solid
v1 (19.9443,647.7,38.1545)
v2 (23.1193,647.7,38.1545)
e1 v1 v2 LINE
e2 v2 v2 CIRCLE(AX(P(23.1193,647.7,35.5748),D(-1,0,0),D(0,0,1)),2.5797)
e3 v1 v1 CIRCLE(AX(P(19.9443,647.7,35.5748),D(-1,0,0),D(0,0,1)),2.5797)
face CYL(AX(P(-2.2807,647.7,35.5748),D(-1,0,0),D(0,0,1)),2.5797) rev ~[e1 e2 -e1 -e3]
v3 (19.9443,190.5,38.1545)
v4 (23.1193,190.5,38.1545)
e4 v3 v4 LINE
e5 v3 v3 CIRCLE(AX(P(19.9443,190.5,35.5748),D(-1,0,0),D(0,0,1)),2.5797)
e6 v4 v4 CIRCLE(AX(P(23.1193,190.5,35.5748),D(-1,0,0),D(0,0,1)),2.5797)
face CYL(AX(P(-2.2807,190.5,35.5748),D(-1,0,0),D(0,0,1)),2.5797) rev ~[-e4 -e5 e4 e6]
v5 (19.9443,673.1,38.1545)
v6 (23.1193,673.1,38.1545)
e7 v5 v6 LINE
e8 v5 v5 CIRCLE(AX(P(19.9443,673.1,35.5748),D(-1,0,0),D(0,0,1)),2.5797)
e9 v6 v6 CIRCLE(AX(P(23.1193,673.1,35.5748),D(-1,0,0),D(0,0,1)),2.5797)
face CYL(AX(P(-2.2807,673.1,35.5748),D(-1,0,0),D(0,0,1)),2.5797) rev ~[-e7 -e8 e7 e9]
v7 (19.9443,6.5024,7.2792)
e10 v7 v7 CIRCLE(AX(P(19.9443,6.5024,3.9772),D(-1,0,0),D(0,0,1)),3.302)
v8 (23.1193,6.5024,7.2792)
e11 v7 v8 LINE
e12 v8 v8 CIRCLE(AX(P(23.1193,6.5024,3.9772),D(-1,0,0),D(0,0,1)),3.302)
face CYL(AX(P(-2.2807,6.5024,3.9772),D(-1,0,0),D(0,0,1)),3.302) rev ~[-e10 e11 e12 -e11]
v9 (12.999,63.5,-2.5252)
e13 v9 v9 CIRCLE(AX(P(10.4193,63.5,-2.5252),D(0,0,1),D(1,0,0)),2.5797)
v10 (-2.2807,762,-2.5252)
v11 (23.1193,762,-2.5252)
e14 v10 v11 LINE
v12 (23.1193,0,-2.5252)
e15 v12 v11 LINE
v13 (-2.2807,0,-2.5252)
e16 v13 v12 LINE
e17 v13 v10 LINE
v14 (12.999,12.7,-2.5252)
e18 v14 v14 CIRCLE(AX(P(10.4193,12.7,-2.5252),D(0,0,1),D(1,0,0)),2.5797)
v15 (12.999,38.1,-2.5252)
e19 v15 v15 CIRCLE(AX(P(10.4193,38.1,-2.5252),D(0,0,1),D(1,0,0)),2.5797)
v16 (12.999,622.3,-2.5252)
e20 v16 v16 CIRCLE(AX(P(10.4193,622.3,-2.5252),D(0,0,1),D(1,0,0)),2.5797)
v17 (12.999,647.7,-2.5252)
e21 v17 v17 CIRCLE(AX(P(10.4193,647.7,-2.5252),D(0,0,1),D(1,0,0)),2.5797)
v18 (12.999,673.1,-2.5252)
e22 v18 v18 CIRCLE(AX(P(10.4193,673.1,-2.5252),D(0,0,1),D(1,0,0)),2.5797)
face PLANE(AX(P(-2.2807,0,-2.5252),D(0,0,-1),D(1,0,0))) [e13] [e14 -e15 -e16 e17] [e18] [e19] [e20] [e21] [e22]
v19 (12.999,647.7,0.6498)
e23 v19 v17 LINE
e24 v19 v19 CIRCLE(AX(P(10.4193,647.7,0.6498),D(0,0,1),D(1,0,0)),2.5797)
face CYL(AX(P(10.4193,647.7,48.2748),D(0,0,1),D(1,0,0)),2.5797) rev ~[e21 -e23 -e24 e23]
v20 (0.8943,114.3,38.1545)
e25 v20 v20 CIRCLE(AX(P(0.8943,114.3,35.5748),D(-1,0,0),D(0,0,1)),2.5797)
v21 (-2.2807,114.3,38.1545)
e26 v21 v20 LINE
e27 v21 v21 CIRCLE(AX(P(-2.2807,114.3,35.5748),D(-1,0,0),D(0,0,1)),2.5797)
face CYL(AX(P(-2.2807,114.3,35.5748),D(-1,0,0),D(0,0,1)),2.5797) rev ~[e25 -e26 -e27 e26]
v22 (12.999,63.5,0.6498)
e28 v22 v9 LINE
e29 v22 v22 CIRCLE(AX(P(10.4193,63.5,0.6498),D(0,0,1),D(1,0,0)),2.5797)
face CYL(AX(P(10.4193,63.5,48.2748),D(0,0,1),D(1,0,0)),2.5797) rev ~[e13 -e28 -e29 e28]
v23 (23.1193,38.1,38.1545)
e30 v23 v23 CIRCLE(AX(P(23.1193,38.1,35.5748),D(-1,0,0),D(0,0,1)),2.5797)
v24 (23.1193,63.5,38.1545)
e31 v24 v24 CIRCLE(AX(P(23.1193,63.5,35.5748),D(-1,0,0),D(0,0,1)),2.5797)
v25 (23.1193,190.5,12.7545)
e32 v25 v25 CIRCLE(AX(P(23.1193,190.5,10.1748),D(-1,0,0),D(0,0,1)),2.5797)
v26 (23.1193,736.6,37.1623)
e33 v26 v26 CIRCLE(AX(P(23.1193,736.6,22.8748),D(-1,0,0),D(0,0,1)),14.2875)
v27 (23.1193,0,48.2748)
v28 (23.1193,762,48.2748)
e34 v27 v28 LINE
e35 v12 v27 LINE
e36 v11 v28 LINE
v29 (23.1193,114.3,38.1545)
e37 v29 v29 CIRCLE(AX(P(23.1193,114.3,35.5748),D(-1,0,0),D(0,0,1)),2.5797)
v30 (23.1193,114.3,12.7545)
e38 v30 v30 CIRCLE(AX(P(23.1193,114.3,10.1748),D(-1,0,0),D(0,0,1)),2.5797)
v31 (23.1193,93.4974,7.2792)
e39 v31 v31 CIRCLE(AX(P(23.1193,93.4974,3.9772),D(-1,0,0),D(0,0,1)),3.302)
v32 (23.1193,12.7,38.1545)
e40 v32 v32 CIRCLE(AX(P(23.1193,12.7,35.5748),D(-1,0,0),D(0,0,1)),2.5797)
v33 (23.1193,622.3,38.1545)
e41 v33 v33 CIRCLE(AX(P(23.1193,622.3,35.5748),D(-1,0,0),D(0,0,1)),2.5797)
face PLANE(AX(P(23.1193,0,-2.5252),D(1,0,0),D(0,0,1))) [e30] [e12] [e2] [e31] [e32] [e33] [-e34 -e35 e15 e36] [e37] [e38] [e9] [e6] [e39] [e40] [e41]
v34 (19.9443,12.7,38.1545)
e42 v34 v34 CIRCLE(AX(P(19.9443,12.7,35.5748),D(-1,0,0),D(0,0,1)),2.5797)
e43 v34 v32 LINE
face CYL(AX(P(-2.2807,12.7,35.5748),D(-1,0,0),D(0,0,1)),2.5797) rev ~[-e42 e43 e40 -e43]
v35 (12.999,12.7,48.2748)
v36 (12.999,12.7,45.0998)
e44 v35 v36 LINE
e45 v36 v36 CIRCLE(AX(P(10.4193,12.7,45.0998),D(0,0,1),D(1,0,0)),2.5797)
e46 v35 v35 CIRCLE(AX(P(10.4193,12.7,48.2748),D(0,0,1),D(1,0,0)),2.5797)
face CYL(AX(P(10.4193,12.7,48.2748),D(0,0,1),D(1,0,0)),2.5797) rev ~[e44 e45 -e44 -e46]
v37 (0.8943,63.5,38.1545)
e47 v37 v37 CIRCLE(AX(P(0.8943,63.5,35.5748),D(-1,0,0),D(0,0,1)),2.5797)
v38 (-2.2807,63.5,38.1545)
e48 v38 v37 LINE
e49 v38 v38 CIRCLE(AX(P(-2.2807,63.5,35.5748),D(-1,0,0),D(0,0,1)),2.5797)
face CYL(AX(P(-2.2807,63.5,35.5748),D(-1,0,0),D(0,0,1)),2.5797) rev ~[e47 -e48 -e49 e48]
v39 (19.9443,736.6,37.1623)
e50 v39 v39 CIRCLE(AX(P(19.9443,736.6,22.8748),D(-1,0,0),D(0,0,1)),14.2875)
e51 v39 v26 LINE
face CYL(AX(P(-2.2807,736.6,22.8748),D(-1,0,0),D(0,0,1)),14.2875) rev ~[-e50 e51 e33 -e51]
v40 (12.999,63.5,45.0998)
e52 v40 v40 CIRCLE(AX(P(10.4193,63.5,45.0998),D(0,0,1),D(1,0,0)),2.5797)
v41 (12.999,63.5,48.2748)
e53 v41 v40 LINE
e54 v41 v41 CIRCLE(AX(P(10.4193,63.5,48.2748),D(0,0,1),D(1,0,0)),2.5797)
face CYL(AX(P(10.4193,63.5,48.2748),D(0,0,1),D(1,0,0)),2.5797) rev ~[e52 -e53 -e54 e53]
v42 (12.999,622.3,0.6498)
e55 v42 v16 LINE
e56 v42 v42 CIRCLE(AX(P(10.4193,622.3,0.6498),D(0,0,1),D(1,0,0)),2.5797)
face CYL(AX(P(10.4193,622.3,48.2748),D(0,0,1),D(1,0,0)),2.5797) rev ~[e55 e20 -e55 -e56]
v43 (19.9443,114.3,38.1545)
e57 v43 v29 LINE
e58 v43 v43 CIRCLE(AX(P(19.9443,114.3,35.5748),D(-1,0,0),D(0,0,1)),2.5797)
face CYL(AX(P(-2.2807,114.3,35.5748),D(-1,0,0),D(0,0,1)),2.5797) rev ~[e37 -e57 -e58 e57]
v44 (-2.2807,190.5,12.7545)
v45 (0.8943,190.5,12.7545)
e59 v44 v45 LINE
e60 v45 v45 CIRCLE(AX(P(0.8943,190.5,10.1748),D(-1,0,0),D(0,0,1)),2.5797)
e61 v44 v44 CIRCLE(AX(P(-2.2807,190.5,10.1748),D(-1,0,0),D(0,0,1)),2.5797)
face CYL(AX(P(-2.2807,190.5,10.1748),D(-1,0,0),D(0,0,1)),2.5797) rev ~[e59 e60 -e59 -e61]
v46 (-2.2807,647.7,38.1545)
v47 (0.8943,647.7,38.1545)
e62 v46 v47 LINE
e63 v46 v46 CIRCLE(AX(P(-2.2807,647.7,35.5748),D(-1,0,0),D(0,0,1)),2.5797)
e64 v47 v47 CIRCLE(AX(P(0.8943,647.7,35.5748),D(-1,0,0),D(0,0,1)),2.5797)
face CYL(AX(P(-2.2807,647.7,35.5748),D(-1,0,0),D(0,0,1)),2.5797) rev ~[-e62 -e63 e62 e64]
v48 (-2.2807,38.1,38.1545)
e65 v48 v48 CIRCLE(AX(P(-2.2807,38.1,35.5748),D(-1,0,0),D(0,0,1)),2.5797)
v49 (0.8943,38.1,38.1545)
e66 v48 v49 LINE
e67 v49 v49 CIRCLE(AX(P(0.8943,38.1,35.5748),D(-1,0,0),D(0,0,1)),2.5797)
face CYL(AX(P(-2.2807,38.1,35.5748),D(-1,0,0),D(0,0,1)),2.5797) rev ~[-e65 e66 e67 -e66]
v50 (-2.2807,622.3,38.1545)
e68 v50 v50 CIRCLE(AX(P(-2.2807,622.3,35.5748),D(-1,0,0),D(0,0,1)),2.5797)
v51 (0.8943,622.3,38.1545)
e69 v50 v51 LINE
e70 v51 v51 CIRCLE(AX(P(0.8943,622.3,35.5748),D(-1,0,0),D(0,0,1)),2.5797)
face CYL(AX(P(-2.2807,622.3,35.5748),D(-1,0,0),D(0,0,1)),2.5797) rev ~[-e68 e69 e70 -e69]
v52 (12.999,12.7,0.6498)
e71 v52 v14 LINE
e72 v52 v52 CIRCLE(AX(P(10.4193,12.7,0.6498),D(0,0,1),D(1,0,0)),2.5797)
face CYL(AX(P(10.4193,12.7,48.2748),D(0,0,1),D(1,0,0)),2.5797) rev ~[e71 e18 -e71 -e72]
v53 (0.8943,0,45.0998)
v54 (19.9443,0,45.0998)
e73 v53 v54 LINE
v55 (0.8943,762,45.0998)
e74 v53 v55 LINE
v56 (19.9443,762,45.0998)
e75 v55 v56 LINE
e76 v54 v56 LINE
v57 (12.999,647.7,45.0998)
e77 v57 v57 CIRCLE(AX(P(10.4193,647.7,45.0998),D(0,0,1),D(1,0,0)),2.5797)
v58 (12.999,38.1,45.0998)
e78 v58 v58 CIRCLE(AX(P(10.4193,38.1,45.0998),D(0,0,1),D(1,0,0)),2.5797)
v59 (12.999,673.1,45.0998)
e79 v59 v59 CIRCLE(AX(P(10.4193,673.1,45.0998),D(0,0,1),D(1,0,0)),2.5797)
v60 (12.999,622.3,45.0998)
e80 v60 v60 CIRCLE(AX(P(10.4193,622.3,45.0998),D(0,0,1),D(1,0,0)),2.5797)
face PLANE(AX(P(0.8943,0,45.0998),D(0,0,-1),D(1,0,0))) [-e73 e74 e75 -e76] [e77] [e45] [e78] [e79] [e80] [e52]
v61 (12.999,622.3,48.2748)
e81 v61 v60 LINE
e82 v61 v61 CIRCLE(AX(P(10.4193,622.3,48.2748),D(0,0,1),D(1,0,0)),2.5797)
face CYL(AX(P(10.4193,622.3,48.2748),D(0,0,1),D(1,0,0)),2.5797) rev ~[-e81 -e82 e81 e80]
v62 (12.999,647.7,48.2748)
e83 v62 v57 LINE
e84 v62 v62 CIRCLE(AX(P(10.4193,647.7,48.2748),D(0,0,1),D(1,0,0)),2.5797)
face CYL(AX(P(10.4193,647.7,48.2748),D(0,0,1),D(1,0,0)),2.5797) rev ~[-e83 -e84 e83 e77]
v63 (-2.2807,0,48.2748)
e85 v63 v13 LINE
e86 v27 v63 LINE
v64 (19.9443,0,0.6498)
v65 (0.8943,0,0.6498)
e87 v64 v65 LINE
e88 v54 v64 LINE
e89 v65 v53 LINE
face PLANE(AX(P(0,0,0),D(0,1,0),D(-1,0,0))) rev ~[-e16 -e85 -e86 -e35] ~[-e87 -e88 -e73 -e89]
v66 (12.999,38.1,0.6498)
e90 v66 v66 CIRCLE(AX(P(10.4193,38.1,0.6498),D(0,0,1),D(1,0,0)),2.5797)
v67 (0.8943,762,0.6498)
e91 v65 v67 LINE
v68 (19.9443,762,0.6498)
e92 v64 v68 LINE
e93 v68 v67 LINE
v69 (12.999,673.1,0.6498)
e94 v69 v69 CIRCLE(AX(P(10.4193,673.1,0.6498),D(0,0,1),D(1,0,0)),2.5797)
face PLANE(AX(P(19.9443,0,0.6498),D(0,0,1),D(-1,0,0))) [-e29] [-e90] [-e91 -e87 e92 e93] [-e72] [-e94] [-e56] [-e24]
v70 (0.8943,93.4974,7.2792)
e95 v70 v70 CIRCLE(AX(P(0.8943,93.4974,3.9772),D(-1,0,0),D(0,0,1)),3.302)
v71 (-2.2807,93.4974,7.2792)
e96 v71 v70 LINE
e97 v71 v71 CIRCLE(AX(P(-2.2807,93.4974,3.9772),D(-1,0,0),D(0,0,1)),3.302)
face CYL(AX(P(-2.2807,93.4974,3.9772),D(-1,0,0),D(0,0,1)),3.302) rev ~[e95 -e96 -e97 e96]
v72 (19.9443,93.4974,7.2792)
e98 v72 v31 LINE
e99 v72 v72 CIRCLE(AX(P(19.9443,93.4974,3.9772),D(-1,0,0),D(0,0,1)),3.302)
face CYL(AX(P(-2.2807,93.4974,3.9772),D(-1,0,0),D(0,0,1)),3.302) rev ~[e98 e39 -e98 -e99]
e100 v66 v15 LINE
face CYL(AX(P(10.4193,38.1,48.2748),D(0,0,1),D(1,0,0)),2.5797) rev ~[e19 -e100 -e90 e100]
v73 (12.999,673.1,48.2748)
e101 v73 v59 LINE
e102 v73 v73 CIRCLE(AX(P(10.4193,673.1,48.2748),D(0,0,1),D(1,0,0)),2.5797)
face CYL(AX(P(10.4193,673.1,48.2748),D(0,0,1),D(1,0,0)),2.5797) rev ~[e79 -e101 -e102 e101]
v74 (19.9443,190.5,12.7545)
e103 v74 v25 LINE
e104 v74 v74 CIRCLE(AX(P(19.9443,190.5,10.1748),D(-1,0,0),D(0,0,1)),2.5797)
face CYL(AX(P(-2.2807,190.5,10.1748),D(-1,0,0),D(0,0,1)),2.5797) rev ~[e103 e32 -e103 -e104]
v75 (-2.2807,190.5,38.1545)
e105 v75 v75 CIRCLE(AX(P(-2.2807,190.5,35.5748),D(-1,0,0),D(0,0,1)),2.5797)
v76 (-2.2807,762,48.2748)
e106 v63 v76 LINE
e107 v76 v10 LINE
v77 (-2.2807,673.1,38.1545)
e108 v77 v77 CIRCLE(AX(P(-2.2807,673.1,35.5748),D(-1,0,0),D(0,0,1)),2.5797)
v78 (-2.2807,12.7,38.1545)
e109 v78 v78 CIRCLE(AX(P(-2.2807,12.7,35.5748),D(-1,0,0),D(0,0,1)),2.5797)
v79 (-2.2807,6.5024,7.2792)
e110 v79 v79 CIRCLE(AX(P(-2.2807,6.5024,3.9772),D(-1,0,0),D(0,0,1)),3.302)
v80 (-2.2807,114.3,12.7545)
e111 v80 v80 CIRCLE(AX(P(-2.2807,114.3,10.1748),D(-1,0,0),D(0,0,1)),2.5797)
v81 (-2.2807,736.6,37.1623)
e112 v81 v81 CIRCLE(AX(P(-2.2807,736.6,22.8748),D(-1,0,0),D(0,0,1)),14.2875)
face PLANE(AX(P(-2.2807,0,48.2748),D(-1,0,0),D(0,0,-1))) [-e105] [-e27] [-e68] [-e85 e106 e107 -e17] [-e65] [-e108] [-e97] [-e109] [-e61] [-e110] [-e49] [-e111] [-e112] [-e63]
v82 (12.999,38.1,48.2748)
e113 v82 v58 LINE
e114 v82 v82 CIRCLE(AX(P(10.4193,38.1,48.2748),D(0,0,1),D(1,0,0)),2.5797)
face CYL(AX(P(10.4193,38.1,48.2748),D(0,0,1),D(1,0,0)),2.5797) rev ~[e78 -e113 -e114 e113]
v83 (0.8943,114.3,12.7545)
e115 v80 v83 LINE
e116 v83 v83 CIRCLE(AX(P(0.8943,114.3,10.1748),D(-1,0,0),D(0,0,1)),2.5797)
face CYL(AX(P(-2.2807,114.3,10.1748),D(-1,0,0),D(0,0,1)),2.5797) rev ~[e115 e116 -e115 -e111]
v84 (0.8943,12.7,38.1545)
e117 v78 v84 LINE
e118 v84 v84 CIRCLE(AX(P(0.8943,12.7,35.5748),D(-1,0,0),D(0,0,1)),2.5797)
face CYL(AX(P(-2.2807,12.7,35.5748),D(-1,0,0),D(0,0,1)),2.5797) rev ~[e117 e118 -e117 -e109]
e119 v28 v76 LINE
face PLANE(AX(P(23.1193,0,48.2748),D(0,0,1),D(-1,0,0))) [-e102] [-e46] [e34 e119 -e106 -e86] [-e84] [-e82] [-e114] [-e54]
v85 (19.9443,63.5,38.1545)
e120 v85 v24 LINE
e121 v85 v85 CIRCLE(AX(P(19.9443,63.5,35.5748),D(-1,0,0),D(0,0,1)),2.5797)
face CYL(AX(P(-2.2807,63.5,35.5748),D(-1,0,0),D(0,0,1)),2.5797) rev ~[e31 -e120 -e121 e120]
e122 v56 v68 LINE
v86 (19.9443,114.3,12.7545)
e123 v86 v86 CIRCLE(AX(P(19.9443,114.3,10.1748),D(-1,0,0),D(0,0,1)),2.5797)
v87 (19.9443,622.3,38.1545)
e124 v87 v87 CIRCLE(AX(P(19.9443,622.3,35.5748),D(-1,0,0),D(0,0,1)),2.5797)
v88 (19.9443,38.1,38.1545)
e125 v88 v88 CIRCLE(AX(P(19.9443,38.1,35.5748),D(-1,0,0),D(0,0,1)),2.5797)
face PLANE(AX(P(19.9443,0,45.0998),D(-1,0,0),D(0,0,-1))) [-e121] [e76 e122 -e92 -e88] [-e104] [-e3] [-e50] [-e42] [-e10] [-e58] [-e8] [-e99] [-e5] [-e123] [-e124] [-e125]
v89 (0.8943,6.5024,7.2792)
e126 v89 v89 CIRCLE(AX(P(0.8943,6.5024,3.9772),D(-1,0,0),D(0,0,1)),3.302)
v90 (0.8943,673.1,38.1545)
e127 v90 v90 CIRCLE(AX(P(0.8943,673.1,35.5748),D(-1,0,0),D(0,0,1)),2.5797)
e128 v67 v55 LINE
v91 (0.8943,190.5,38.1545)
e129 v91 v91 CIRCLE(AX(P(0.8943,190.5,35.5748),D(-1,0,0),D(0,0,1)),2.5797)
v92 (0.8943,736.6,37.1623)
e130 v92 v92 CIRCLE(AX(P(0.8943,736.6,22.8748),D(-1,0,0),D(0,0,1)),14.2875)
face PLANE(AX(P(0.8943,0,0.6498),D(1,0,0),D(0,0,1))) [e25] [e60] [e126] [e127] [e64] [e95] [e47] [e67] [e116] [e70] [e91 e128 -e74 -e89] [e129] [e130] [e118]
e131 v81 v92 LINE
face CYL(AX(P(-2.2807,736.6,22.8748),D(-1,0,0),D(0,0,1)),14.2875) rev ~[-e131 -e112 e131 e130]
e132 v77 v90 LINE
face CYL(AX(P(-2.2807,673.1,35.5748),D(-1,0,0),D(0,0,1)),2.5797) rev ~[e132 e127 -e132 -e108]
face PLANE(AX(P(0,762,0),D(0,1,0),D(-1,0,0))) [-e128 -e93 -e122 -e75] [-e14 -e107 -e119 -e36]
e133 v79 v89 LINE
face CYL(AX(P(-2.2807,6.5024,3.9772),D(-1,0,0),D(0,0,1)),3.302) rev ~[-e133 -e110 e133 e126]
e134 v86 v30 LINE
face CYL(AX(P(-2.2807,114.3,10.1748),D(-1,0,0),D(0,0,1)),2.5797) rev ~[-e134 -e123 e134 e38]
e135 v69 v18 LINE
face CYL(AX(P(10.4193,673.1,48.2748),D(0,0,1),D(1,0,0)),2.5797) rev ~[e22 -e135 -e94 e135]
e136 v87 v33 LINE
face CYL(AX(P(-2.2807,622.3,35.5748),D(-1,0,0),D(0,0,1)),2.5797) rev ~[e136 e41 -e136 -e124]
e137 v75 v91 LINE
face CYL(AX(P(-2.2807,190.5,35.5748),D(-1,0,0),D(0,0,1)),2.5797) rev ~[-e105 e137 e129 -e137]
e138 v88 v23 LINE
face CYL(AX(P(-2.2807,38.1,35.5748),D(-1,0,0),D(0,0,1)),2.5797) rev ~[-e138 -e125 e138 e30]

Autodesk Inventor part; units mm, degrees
ref_plane "YZ Plane" through (0, 0, 0) normal (1, 0, 0) x (0, 1, 0)
ref_plane "XZ Plane" through (0, 0, 0) normal (0, 1, 0) x (-1, 0, 0)
ref_plane "XY Plane" through (0, 0, 0) normal (0, 0, 1) x (1, 0, 0)
sketch "Sketch1" plane through (0, 0, 0) normal (0, 1, 0) x (-1, 0, 0)
  line L0 (2.2807, -2.5252) -> (-23.1193, -2.5252)
  line L1 (-23.1193, -2.5252) -> (-23.1193, 48.2748)
  line L2 (-23.1193, 48.2748) -> (2.2807, 48.2748)
  line L3 (2.2807, 48.2748) -> (2.2807, -2.5252)
  line L4 (-19.9443, 0.6498) -> (-0.8943, 0.6498)
  line L5 (-0.8943, 0.6498) -> (-0.8943, 45.0998)
  line L6 (-0.8943, 45.0998) -> (-19.9443, 45.0998)
  line L7 (-19.9443, 45.0998) -> (-19.9443, 0.6498)
  point P0 (0, 0)
  dimension "d0" = 25.4
  dimension "d1" = 50.8
  dimension "d2" = 3.175
extrude "Extrusion1" add sketch "Sketch1" along normal blind 762
sketch "Sketch3" plane through (-2.2807, 0, 48.2748) normal (0, 0, 1) x (1, 0, 0)
  line L0 (22.225, 0) -> (3.175, 0) construction
  line L1 (12.7, 0) -> (12.7, 12.7) construction
  line L2 (12.7, 12.7) -> (12.7, 38.1) construction
  line L3 (12.7, 38.1) -> (12.7, 63.5) construction
  circle A0 centre (12.7, 63.5) radius 2.5797
  circle A1 centre (12.7, 38.1) radius 2.5797
  circle A2 centre (12.7, 12.7) radius 2.5797
  line L4 (12.7, 685.8) -> (12.7, 673.1) construction
  circle A3 centre (12.7, 673.1) radius 2.5797
  line L5 (12.7, 673.1) -> (12.7, 647.7) construction
  line L6 (12.7, 647.7) -> (12.7, 622.3) construction
  circle A4 centre (12.7, 647.7) radius 2.5797
  circle A5 centre (12.7, 622.3) radius 2.5797
  point P0 (2.2807, 0)
  dimension "d19" = 12.7
  dimension "d20" = 25.4
  dimension "d21" = 25.4
  dimension "d22" = 5.1594
  dimension "d23" = 5.1594
  dimension "d24" = 5.1594
  dimension "d38" = 12.7
  dimension "d39" = 5.1594
  dimension "d40" = 25.4
  dimension "d41" = 25.4
  dimension "d42" = 5.1594
  dimension "d43" = 5.1594
extrude "Extrusion3" cut sketch "Sketch3" against normal blind 762
sketch "Sketch4" plane through (23.1193, 0, 48.2748) normal (1, 0, 0) x (0, 0, -1)
  line L0 (3.175, 762) -> (47.625, 762) construction
  line L1 (25.4, 762) -> (25.4, 736.6) construction
  point P0 (48.2748, 0)
  dimension "d44" = 25.4
sketch "Sketch5" plane through (-2.2807, 0, -2.5252) normal (-1, 0, 0) x (0, 0, 1)
  circle A0 centre (25.4, 12.7) radius 2.5797 projected
  line L0 (50.8, 0) -> (50.8, 762) projected
  circle A1 centre (25.4, 38.1) radius 2.5797 construction
  line L1 (50.8, 38.1) -> (38.1, 38.1) construction
  circle A2 centre (25.4, 63.5) radius 2.5797 construction
  line L2 (50.8, 63.5) -> (38.1, 63.5) construction
  circle A3 centre (38.1, 63.5) radius 2.5797
  circle A4 centre (38.1, 38.1) radius 2.5797
  circle A5 centre (38.1, 12.7) radius 2.5797
  line L3 (38.1, 12.7) -> (50.8, 12.7) construction
  circle A6 centre (25.4, 622.3) radius 2.5797 construction
  line L4 (50.8, 622.3) -> (38.1, 622.3) construction
  circle A7 centre (25.4, 647.7) radius 2.5797 construction
  line L5 (50.8, 647.7) -> (38.1, 647.7) construction
  circle A8 centre (25.4, 673.1) radius 2.5797 construction
  line L6 (50.8, 673.1) -> (38.1, 673.1) construction
  circle A9 centre (38.1, 647.7) radius 2.5797
  circle A10 centre (38.1, 622.3) radius 2.5797
  circle A11 centre (38.1, 673.1) radius 2.5797
  point P0 (2.5252, 0)
  dimension "d46" = 12.7
  dimension "d47" = 12.7
  dimension "d48" = 5.1594
  dimension "d49" = 5.1594
  dimension "d50" = 5.1594
  dimension "d51" = 12.7
  dimension "d52" = 12.7
  dimension "d53" = 12.7
  dimension "d54" = 5.1594
  dimension "d55" = 5.1594
  dimension "d56" = 5.1594
extrude "Extrusion4" cut sketch "Sketch5" against normal blind 762 contours A3 | A4 | A5 | A9 | A10 | A11
sketch "Sketch6" plane through (-2.2807, 0, -2.5252) normal (-1, 0, 0) x (0, 0, 1)
  line L0 (47.625, 762) -> (3.175, 762) construction
  line L1 (25.4, 762) -> (25.4, 736.6) construction
  circle A0 centre (25.4, 736.6) radius 14.2875
  point P0 (2.5252, 0)
  dimension "d59" = 25.4
  dimension "d60" = 28.575
extrude "Extrusion5" cut sketch "Sketch6" against normal blind 304.8
sketch "Sketch7" plane through (-2.2807, 0, -2.5252) normal (-1, 0, 0) x (0, 0, 1)
  circle A0 centre (38.1, 12.7) radius 2.5797 construction
  line L0 (38.1, 12.7) -> (38.1, 114.3) construction
  line L1 (38.1, 12.7) -> (38.1, 190.5) construction
  line L2 (38.1, 190.5) -> (12.7, 190.5) construction
  line L3 (38.1, 114.3) -> (12.7, 114.3) construction
  circle A1 centre (38.1, 190.5) radius 2.5797
  circle A2 centre (12.7, 190.5) radius 2.5797
  circle A3 centre (38.1, 114.3) radius 2.5797
  circle A4 centre (12.7, 114.3) radius 2.5797
  point P0 (2.5252, 0)
  dimension "d63" = 101.6
  dimension "d64" = 177.8
  dimension "d65" = 25.4
  dimension "d66" = 25.4
  dimension "d67" = 5.1594
  dimension "d68" = 5.1594
  dimension "d69" = 5.1594
  dimension "d70" = 5.1594
extrude "Extrusion6" cut sketch "Sketch7" against normal blind 50.8
sketch "Sketch8" plane through (-2.2807, 0, -2.5252) normal (-1, 0, 0) x (0, 0, 1)
  line L0 (0, 0) -> (6.5024, 0) construction
  line L1 (47.625, 0) -> (3.175, 0) construction
  line L2 (6.5024, 0) -> (6.5024, 6.5024) construction
  circle A0 centre (6.5024, 6.5024) radius 3.302
  line L3 (6.5024, 6.5024) -> (6.5024, 93.4974) construction
  circle A1 centre (6.5024, 93.4974) radius 3.302
  point P0 (2.5252, 0)
  dimension "d73" = 6.5024
  dimension "d74" = 6.5024
  dimension "d75" = 6.604
  dimension "d76" = 86.995
  dimension "d77" = 6.604
extrude "Extrusion7" cut sketch "Sketch8" against normal blind 50.8
properties part number "30in 1x1 Beam"
